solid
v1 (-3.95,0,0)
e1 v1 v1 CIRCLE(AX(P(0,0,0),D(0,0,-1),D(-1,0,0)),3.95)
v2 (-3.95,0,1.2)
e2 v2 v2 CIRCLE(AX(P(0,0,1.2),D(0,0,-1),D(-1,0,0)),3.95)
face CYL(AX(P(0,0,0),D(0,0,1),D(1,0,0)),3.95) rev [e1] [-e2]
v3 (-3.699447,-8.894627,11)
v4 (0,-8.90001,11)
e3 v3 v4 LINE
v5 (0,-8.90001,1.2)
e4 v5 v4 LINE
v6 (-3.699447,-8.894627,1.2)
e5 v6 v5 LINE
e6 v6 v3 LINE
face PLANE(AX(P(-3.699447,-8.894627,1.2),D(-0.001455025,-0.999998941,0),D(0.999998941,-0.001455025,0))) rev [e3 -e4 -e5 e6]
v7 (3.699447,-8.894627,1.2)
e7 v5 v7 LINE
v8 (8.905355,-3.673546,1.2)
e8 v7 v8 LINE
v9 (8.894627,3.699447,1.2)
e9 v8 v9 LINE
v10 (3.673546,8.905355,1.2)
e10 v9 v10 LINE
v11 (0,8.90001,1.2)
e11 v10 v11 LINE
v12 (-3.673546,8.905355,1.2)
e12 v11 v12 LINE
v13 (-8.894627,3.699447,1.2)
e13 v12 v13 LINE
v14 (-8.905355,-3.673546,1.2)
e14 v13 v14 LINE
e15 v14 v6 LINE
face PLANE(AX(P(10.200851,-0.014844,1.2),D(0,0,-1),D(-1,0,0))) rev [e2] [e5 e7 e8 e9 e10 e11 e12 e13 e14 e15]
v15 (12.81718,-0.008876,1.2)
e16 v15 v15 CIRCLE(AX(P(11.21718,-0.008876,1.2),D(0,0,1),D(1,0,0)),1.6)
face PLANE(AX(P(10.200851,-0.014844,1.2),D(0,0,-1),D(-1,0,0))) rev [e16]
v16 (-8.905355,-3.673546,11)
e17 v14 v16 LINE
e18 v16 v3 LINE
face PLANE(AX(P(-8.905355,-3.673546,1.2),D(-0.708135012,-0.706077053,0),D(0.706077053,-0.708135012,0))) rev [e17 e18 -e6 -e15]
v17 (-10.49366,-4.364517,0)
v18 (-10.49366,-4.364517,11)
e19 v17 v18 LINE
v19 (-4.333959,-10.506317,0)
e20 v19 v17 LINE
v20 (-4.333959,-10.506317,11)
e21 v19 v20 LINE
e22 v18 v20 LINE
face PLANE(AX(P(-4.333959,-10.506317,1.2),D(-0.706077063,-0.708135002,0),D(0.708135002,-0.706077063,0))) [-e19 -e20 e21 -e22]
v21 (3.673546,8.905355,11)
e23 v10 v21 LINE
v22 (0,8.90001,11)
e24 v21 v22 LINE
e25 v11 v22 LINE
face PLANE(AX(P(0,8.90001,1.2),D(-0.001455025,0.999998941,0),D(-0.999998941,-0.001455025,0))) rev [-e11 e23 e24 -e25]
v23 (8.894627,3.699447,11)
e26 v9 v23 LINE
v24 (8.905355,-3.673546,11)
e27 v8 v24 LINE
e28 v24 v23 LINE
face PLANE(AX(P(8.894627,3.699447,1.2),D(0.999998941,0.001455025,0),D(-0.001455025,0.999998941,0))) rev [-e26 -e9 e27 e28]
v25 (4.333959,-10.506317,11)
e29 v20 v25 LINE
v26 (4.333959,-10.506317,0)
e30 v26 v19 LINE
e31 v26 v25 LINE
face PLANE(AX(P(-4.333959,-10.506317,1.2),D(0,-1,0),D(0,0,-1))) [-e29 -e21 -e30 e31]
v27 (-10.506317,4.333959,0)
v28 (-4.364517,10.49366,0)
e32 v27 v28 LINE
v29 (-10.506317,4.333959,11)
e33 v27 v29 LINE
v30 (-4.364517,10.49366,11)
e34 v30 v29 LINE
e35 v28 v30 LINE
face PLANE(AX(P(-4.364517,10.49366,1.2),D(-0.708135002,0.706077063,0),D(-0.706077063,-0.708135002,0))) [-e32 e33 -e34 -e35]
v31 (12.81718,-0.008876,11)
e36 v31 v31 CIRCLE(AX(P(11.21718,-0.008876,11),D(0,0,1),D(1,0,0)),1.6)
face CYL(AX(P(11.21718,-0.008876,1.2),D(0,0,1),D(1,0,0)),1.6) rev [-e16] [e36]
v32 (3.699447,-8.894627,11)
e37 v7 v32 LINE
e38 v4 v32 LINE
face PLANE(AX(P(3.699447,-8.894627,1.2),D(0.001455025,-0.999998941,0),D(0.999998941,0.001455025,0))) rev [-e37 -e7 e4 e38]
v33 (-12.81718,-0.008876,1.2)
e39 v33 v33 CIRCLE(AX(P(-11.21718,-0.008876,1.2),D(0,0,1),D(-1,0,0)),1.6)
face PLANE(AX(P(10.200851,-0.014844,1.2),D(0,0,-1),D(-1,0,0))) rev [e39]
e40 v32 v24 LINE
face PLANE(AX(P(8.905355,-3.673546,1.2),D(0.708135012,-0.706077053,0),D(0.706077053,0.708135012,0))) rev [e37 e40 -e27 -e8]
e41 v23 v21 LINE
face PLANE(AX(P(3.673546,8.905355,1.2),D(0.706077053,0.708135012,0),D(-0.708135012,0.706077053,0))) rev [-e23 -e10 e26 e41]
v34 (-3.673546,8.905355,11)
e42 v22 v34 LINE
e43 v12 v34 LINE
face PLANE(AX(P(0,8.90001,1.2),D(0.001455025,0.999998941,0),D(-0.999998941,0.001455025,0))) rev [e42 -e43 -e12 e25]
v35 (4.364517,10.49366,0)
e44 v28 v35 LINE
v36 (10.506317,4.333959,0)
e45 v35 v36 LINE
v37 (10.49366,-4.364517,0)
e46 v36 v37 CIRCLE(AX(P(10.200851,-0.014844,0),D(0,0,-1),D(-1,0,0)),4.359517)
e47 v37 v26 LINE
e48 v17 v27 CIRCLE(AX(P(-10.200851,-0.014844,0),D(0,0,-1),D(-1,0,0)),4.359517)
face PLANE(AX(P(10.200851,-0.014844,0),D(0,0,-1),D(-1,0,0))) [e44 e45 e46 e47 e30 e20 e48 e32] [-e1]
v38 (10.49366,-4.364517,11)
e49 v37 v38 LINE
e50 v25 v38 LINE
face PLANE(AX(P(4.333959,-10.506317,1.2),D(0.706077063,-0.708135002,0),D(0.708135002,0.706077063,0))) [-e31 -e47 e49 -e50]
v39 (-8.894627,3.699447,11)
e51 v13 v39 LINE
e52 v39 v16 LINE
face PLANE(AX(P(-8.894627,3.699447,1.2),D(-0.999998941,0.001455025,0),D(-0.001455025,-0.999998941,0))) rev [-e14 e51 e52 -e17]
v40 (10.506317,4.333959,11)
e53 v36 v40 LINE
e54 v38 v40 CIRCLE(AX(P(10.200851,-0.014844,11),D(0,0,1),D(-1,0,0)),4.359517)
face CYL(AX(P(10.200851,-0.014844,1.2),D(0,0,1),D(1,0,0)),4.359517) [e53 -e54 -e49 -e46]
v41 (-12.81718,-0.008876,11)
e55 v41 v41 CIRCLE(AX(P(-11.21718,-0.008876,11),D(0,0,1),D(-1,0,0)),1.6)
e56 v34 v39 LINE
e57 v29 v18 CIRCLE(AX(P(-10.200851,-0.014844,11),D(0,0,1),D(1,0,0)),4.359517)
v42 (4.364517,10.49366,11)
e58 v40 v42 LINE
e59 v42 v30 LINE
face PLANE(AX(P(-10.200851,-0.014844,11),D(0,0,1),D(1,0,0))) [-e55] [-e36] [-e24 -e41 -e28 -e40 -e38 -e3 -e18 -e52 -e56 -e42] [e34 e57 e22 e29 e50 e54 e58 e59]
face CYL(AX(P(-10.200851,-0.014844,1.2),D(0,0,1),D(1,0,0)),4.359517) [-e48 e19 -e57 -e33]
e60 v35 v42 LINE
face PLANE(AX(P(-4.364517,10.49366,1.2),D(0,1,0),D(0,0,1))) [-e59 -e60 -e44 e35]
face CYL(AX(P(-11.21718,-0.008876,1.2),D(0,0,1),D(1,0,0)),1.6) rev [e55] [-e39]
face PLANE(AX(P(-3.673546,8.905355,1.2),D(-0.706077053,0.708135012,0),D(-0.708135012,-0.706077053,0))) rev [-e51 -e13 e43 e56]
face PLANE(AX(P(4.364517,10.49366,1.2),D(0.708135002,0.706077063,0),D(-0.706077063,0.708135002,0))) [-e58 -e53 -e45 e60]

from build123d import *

# Parameters (mm, degrees)
SKETCH1_R           = 1.600000124
BOSS_EXTRUDE1_DEPTH = 9.8
SKETCH2_R           = 3.949999995
BOSS_EXTRUDE2_DEPTH = 1.2


with BuildPart() as part:
    # Sketch1 → Boss-Extrude1 (new body)
    with BuildSketch(Plane.XY.offset(11)):
        with BuildLine():
            Line((4.333958961, -10.506317019), (10.493660346, -4.364516586))
            ThreePointArc((10.493660346, -4.364516586), (14.560364187, -0.021186842), (10.506317019, 4.333958961))
            Line((10.506317019, 4.333958961), (4.364516586, 10.493660346))
            Line((4.364516586, 10.493660346), (-4.364516586, 10.493660346))
            Line((-4.364516586, 10.493660346), (-10.506317019, 4.333958961))
            ThreePointArc((-10.506317019, 4.333958961), (-14.560364187, -0.021186842), (-10.493660346, -4.364516586))
            Line((-10.493660346, -4.364516586), (-4.333958961, -10.506317019))
            Line((-4.333958961, -10.506317019), (4.333958961, -10.506317019))
        make_face()
        with Locations((11.217179708, -0.008876194)):
            Circle(SKETCH1_R, mode=Mode.SUBTRACT)
        with Locations((-11.217179708, -0.008876194)):
            Circle(SKETCH1_R, mode=Mode.SUBTRACT)
        Polygon((0, 8.900009778), (3.673546249, 8.905354887), (8.894626983, 3.699447494), (8.905354887, -3.673546249), (3.699447494, -8.894626983), (0, -8.900009778), (-3.699447494, -8.894626983), (-8.905354887, -3.673546249), (-8.894626983, 3.699447494), (-3.673546249, 8.905354887), align=None, mode=Mode.SUBTRACT)
    extrude(amount=-BOSS_EXTRUDE1_DEPTH)

    # Sketch2 → Boss-Extrude2 (add)
    with BuildSketch(Plane(origin=(0, 0, 1.2), x_dir=(-1, 0, 0), z_dir=(0, 0, -1))):
        with BuildLine():
            Line((4.364516586, 10.493660346), (-4.364516586, 10.493660346))
            Line((-4.364516586, 10.493660346), (-10.506317019, 4.333958961))
            ThreePointArc((-10.506317019, 4.333958961), (-14.560364187, -0.021186842), (-10.493660346, -4.364516586))
            Line((-10.493660346, -4.364516586), (-4.333958961, -10.506317019))
            Line((-4.333958961, -10.506317019), (4.333958961, -10.506317019))
            Line((4.333958961, -10.506317019), (10.493660346, -4.364516586))
            ThreePointArc((10.493660346, -4.364516586), (14.560364187, -0.021186842), (10.506317019, 4.333958961))
            Line((10.506317019, 4.333958961), (4.364516586, 10.493660346))
        make_face()
        Circle(SKETCH2_R, mode=Mode.SUBTRACT)
    extrude(amount=BOSS_EXTRUDE2_DEPTH)


solid = part.part
